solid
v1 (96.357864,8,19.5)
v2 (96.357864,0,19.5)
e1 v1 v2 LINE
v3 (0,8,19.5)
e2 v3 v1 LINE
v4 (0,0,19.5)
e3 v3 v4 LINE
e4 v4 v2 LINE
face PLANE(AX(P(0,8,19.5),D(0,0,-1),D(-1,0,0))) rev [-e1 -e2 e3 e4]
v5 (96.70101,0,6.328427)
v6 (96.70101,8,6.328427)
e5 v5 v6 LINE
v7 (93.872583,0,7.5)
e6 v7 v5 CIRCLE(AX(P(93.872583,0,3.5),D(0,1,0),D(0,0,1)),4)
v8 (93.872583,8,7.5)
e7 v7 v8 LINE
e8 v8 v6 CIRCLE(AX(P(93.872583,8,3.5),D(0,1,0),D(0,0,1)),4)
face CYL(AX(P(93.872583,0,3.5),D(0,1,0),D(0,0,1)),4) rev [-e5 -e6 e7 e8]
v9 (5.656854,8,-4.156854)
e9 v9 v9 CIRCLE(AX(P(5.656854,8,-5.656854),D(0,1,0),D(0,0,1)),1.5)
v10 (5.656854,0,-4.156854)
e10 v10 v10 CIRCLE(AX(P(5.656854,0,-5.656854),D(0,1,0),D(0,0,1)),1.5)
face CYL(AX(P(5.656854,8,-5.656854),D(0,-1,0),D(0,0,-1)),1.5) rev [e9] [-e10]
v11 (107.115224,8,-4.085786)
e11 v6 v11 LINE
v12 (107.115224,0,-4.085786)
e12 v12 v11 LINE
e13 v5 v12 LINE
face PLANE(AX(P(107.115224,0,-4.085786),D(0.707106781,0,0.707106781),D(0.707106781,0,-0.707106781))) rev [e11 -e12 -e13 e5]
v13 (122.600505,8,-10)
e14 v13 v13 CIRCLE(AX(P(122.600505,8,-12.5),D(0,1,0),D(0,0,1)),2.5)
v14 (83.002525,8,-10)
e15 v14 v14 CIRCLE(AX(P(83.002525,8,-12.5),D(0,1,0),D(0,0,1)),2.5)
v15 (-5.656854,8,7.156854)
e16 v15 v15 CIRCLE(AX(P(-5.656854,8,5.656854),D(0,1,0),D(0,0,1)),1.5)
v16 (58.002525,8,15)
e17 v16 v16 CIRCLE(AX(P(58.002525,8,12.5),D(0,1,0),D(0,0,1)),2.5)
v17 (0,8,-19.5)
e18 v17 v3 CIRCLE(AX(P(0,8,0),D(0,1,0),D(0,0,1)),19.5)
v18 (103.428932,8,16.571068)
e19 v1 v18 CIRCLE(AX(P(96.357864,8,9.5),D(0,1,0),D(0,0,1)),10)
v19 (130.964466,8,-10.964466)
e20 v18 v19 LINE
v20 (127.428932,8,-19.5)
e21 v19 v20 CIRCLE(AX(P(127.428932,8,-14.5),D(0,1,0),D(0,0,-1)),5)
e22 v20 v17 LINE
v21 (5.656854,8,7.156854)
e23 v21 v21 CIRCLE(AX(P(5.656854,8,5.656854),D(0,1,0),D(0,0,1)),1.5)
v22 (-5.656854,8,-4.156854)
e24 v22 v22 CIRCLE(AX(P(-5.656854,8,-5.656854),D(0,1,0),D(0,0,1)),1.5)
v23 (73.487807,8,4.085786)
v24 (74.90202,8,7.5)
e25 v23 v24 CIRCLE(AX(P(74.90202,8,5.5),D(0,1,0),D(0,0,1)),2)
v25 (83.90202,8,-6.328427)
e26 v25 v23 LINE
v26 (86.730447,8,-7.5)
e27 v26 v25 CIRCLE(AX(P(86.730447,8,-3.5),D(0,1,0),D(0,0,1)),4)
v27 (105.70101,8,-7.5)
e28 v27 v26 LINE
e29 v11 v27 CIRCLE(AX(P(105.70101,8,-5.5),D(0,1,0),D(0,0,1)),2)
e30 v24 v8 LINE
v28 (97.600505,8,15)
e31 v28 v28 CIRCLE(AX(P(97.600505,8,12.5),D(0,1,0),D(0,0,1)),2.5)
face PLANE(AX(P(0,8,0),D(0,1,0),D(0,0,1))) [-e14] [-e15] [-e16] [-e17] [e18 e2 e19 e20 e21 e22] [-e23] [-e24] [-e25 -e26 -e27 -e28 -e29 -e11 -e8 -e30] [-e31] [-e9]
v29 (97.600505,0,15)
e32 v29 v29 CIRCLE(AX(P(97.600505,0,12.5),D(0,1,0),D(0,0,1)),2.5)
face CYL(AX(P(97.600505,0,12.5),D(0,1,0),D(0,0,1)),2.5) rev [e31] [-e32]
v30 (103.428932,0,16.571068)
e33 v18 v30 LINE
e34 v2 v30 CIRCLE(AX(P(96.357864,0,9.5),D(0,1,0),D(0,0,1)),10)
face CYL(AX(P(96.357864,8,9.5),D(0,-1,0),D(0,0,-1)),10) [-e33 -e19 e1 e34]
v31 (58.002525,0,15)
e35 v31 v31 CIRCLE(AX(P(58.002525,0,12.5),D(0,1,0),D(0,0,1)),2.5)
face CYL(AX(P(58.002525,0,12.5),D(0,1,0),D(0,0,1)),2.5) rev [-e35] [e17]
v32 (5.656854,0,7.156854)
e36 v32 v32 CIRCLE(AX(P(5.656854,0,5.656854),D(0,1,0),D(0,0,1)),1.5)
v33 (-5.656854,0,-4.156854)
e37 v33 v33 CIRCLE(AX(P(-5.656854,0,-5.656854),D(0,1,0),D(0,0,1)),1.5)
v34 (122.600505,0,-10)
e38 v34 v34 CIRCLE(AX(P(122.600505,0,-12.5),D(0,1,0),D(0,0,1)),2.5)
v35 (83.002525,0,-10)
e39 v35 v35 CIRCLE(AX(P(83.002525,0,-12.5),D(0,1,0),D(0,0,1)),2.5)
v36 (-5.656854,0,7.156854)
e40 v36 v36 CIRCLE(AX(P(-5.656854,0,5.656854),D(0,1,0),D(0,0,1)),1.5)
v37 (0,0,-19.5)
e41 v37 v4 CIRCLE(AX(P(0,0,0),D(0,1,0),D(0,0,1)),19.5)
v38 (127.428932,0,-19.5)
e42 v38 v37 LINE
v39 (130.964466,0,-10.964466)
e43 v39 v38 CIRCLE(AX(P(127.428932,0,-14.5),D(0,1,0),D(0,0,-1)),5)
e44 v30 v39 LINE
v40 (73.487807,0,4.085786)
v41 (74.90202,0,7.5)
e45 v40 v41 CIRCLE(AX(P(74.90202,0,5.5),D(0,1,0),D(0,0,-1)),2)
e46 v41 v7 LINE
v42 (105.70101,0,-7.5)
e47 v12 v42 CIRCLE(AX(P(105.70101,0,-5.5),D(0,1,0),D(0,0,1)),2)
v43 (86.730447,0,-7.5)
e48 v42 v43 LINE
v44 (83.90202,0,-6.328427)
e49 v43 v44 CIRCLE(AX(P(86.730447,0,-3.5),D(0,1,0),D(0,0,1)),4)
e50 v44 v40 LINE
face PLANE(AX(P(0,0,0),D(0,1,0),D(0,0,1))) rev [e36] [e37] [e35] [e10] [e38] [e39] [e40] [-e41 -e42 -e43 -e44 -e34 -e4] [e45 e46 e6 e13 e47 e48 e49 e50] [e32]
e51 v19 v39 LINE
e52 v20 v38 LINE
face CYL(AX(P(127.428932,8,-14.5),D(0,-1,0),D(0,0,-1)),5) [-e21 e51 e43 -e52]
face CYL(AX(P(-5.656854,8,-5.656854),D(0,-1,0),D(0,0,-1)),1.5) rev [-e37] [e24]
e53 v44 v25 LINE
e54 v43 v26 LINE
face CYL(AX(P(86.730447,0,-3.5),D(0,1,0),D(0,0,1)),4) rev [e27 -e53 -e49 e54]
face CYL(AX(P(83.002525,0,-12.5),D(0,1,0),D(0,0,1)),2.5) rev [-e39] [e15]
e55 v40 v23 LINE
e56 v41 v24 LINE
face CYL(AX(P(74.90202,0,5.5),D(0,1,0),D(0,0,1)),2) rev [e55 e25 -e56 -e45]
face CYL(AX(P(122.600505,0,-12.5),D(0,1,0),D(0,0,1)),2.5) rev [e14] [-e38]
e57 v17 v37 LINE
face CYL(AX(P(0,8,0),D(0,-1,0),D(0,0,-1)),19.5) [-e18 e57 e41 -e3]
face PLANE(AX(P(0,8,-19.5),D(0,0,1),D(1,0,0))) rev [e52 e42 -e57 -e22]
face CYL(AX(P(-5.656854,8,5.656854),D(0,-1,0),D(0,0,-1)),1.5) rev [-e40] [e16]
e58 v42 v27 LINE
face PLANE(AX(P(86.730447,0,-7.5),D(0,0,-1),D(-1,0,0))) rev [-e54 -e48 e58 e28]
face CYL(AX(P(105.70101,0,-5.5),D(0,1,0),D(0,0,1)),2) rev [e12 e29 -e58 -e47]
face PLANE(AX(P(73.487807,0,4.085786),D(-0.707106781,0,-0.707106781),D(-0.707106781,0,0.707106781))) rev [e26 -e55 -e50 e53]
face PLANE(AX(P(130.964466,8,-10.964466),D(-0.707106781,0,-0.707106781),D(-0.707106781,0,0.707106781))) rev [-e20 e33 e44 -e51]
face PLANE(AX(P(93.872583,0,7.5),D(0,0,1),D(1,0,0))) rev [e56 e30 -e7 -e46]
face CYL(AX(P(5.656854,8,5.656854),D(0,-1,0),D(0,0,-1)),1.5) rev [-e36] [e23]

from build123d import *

# Parameters (mm, degrees)
SKETCH_1_R               = 1.5
EXTRUDE_1_DEPTH          = 8
CUT_EXTRUDE_1_DEPTH      = 1
CUT_EXTRUDE_1_DEPTH_BACK = 9
SKETCH_3_R               = 2.5
CUT_EXTRUDE_2_DEPTH      = 1
CUT_EXTRUDE_2_DEPTH_BACK = 9


with BuildPart() as part:
    # 草图1 → 凸台-拉伸1 (new body)
    with BuildSketch(Plane(origin=(0, 0, 0), x_dir=(1, 0, 0), z_dir=(0, 1, 0))):
        with BuildLine():
            Line((0, 19.5), (127.428932188, 19.5))
            ThreePointArc((127.428932188, 19.5), (132.048329851, 16.413417162), (130.964466094, 10.964466094))
            Line((130.964466094, 10.964466094), (103.428932188, -16.571067812))
            ThreePointArc((103.428932188, -16.571067812), (100.1846987, -18.738795325), (96.357864376, -19.5))
            Line((96.357864376, -19.5), (0, -19.5))
            ThreePointArc((0, -19.5), (-19.5, 0), (0, 19.5))
        make_face()
        with Locations((-5.656854249, 5.656854249)):
            Circle(SKETCH_1_R, mode=Mode.SUBTRACT)
        with Locations((5.656854249, 5.656854249)):
            Circle(SKETCH_1_R, mode=Mode.SUBTRACT)
        with Locations((5.656854249, -5.656854249)):
            Circle(SKETCH_1_R, mode=Mode.SUBTRACT)
        with Locations((-5.656854249, -5.656854249)):
            Circle(SKETCH_1_R, mode=Mode.SUBTRACT)
    extrude(amount=EXTRUDE_1_DEPTH)

    # 草图2 → 切除-拉伸1 (cut, two sides)
    with BuildSketch(Plane(origin=(0, 8, 0), x_dir=(1, 0, 0), z_dir=(0, 1, 0))) as cut_extrude_1_sk:
        with BuildLine():
            Line((73.487806691, -4.085786438), (83.902020254, 6.328427125))
            ThreePointArc((83.902020254, 6.328427125), (85.199713649, 7.19551813), (86.730447378, 7.5))
            Line((86.730447378, 7.5), (105.701010127, 7.5))
            ThreePointArc((105.701010127, 7.5), (107.548769192, 6.265366865), (107.115223689, 4.085786438))
            Line((107.115223689, 4.085786438), (96.701010127, -6.328427125))
            ThreePointArc((96.701010127, -6.328427125), (95.403316732, -7.19551813), (93.872583002, -7.5))
            Line((93.872583002, -7.5), (74.902020254, -7.5))
            ThreePointArc((74.902020254, -7.5), (73.054261189, -6.265366865), (73.487806691, -4.085786438))
        make_face()
    extrude(amount=CUT_EXTRUDE_1_DEPTH, mode=Mode.SUBTRACT)
    extrude(cut_extrude_1_sk.sketch, amount=-CUT_EXTRUDE_1_DEPTH_BACK, mode=Mode.SUBTRACT)

    # 草图3 → 切除-拉伸2 (cut, two sides)
    with BuildSketch(Plane(origin=(0, 8, 0), x_dir=(1, 0, 0), z_dir=(0, 1, 0))) as cut_extrude_2_sk:
        with Locations((58.002525317, -12.5)):
            Circle(SKETCH_3_R)
        with Locations((83.002525317, 12.5)):
            Circle(SKETCH_3_R)
        with Locations((97.600505063, -12.5)):
            Circle(SKETCH_3_R)
        with Locations((122.600505063, 12.5)):
            Circle(SKETCH_3_R)
    extrude(amount=CUT_EXTRUDE_2_DEPTH, mode=Mode.SUBTRACT)
    extrude(cut_extrude_2_sk.sketch, amount=-CUT_EXTRUDE_2_DEPTH_BACK, mode=Mode.SUBTRACT)


solid = part.part
